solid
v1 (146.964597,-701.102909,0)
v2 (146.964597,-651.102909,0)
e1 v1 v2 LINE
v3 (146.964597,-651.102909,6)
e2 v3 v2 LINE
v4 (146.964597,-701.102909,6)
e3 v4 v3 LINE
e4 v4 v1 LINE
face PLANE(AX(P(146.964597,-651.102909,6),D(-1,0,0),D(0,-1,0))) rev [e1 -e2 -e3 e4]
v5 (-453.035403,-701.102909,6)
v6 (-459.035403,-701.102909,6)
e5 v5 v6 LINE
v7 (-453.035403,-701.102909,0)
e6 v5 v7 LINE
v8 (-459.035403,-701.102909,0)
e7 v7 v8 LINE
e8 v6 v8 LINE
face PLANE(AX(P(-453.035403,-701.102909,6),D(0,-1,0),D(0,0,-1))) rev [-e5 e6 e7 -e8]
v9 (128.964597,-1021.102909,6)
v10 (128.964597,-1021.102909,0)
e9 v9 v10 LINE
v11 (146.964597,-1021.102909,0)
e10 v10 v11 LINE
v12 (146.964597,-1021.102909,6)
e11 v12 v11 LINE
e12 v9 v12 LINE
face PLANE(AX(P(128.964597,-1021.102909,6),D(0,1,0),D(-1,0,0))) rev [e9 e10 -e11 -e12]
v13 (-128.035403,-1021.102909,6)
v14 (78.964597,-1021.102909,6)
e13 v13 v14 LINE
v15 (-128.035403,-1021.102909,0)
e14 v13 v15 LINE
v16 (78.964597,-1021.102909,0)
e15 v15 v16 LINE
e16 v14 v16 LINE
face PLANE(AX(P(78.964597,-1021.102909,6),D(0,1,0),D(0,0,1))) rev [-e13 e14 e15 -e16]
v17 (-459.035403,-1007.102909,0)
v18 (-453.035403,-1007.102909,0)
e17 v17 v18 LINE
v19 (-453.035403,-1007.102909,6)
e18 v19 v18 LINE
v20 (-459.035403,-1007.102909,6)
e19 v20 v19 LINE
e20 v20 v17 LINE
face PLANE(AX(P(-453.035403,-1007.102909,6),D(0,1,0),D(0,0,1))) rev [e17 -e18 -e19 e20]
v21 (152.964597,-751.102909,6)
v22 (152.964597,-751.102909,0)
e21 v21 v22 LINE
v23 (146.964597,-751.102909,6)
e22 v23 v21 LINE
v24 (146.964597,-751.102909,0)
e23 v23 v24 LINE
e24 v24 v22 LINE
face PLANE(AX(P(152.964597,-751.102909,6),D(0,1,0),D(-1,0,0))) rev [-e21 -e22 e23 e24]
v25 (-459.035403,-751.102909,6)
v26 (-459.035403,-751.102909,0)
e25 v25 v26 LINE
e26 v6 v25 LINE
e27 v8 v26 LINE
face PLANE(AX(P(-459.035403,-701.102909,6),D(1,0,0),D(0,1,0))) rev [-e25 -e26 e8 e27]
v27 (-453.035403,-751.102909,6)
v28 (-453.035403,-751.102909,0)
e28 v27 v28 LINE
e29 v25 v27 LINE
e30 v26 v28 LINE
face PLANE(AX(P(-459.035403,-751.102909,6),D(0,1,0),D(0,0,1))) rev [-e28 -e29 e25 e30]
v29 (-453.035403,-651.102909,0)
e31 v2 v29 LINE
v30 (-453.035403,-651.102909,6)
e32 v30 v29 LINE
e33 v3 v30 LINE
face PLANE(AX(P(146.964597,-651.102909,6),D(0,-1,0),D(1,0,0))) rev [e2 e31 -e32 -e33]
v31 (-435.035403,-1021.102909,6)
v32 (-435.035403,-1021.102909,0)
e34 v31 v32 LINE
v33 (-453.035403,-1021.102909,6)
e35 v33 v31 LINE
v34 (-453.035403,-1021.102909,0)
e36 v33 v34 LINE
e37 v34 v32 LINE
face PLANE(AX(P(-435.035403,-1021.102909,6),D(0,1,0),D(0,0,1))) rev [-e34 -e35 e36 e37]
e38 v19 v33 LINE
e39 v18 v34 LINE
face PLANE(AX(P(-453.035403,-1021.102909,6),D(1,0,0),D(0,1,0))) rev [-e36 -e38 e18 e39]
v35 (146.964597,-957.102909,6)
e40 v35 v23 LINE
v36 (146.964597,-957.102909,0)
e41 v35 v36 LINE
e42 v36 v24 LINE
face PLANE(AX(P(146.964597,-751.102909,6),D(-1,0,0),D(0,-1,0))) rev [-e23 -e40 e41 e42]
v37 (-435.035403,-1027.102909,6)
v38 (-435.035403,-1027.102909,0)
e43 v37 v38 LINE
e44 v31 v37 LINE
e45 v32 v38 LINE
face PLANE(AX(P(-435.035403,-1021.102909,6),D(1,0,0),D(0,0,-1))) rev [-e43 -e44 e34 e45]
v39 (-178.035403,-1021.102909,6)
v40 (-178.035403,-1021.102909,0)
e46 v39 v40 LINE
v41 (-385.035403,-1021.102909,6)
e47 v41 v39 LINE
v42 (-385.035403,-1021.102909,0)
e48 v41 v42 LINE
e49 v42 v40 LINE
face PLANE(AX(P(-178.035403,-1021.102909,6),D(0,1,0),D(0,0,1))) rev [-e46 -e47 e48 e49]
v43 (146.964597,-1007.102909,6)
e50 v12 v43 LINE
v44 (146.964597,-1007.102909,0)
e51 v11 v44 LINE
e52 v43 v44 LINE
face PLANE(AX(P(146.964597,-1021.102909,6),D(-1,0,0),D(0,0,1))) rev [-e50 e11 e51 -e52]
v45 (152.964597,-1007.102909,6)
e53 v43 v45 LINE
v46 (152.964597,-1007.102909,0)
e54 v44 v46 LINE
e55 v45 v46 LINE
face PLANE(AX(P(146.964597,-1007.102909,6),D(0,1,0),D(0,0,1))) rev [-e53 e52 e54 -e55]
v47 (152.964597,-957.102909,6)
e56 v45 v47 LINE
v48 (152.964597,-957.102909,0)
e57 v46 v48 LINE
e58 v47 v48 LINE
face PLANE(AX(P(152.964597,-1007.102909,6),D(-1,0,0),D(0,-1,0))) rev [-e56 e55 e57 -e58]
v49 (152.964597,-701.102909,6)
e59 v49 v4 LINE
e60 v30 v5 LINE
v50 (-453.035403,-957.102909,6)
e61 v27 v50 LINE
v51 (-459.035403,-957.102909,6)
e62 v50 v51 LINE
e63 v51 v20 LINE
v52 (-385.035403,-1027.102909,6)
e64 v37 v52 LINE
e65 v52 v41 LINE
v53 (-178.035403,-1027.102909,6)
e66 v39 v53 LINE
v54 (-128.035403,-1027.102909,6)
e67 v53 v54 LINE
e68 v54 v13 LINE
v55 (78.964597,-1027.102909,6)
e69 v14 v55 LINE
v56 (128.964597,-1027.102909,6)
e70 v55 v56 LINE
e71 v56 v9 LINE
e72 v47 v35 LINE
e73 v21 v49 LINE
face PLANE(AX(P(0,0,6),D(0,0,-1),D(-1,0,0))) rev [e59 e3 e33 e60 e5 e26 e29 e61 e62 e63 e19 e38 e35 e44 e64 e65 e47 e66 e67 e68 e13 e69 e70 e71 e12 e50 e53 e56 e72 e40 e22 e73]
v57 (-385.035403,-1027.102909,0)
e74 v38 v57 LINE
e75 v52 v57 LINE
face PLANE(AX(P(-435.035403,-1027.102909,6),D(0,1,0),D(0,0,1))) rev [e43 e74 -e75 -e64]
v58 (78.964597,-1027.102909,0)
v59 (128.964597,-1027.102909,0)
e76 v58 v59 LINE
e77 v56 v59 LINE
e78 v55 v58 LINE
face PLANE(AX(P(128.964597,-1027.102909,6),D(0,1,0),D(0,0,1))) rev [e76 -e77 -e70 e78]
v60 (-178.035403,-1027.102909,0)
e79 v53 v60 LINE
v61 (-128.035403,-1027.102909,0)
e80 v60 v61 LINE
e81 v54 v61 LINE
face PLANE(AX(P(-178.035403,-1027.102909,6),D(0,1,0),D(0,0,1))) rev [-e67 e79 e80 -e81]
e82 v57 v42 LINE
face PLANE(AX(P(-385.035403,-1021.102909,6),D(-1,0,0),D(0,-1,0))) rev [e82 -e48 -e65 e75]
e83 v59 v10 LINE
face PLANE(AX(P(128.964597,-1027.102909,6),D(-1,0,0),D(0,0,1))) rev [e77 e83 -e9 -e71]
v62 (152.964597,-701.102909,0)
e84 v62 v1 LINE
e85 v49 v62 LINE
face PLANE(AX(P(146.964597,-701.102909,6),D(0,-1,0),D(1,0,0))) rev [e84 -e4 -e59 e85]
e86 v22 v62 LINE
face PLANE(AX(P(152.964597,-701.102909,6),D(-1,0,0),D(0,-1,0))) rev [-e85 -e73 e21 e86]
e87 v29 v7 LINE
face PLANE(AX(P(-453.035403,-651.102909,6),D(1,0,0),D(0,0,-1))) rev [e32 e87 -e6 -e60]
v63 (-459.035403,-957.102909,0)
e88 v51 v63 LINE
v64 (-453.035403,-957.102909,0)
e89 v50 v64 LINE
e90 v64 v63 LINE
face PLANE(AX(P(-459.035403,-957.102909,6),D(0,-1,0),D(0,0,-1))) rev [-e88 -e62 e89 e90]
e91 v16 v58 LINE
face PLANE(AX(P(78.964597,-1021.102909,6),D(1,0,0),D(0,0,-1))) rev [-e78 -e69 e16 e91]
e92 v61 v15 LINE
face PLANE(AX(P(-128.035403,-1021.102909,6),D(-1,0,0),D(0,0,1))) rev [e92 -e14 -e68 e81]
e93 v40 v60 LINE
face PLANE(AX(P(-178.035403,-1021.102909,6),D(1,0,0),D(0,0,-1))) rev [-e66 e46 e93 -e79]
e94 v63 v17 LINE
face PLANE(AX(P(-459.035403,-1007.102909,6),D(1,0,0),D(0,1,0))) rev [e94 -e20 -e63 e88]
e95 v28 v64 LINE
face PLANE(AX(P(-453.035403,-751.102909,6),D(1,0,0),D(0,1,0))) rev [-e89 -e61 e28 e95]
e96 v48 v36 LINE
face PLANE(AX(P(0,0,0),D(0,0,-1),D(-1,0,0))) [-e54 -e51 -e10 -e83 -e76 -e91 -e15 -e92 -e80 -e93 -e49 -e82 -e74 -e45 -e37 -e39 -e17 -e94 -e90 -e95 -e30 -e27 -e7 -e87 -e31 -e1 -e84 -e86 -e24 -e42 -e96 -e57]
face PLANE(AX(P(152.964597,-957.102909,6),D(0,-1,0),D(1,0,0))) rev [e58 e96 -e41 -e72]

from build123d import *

# Parameters (mm, degrees)
BOSS_EXTRUDE1_DEPTH = 6


with BuildPart() as part:
    # Sketch1 → Boss-Extrude1 (new body)
    with BuildSketch(Plane.XY):
        Polygon((128.964597002, -1027.102908622), (128.964597002, -1021.102908622), (146.964597002, -1021.102908622), (146.964597002, -1007.102908622), (152.964597002, -1007.102908622), (152.964597002, -957.102908622), (146.964597002, -957.102908622), (146.964597002, -751.102908622), (152.964597002, -751.102908622), (152.964597002, -701.102908622), (146.964597002, -701.102908622), (146.964597002, -651.102908622), (-453.035402998, -651.102908622), (-453.035402998, -701.102908622), (-459.035402998, -701.102908622), (-459.035402998, -751.102908622), (-453.035402998, -751.102908622), (-453.035402998, -957.102908622), (-459.035402998, -957.102908622), (-459.035402998, -1007.102908622), (-453.035402998, -1007.102908622), (-453.035402998, -1021.102908622), (-435.035402998, -1021.102908622), (-435.035402998, -1027.102908622), (-385.035402998, -1027.102908622), (-385.035402998, -1021.102908622), (-178.035402998, -1021.102908622), (-178.035402998, -1027.102908622), (-128.035402998, -1027.102908622), (-128.035402998, -1021.102908622), (78.964597002, -1021.102908622), (78.964597002, -1027.102908622), align=None)
    extrude(amount=BOSS_EXTRUDE1_DEPTH)


solid = part.part
